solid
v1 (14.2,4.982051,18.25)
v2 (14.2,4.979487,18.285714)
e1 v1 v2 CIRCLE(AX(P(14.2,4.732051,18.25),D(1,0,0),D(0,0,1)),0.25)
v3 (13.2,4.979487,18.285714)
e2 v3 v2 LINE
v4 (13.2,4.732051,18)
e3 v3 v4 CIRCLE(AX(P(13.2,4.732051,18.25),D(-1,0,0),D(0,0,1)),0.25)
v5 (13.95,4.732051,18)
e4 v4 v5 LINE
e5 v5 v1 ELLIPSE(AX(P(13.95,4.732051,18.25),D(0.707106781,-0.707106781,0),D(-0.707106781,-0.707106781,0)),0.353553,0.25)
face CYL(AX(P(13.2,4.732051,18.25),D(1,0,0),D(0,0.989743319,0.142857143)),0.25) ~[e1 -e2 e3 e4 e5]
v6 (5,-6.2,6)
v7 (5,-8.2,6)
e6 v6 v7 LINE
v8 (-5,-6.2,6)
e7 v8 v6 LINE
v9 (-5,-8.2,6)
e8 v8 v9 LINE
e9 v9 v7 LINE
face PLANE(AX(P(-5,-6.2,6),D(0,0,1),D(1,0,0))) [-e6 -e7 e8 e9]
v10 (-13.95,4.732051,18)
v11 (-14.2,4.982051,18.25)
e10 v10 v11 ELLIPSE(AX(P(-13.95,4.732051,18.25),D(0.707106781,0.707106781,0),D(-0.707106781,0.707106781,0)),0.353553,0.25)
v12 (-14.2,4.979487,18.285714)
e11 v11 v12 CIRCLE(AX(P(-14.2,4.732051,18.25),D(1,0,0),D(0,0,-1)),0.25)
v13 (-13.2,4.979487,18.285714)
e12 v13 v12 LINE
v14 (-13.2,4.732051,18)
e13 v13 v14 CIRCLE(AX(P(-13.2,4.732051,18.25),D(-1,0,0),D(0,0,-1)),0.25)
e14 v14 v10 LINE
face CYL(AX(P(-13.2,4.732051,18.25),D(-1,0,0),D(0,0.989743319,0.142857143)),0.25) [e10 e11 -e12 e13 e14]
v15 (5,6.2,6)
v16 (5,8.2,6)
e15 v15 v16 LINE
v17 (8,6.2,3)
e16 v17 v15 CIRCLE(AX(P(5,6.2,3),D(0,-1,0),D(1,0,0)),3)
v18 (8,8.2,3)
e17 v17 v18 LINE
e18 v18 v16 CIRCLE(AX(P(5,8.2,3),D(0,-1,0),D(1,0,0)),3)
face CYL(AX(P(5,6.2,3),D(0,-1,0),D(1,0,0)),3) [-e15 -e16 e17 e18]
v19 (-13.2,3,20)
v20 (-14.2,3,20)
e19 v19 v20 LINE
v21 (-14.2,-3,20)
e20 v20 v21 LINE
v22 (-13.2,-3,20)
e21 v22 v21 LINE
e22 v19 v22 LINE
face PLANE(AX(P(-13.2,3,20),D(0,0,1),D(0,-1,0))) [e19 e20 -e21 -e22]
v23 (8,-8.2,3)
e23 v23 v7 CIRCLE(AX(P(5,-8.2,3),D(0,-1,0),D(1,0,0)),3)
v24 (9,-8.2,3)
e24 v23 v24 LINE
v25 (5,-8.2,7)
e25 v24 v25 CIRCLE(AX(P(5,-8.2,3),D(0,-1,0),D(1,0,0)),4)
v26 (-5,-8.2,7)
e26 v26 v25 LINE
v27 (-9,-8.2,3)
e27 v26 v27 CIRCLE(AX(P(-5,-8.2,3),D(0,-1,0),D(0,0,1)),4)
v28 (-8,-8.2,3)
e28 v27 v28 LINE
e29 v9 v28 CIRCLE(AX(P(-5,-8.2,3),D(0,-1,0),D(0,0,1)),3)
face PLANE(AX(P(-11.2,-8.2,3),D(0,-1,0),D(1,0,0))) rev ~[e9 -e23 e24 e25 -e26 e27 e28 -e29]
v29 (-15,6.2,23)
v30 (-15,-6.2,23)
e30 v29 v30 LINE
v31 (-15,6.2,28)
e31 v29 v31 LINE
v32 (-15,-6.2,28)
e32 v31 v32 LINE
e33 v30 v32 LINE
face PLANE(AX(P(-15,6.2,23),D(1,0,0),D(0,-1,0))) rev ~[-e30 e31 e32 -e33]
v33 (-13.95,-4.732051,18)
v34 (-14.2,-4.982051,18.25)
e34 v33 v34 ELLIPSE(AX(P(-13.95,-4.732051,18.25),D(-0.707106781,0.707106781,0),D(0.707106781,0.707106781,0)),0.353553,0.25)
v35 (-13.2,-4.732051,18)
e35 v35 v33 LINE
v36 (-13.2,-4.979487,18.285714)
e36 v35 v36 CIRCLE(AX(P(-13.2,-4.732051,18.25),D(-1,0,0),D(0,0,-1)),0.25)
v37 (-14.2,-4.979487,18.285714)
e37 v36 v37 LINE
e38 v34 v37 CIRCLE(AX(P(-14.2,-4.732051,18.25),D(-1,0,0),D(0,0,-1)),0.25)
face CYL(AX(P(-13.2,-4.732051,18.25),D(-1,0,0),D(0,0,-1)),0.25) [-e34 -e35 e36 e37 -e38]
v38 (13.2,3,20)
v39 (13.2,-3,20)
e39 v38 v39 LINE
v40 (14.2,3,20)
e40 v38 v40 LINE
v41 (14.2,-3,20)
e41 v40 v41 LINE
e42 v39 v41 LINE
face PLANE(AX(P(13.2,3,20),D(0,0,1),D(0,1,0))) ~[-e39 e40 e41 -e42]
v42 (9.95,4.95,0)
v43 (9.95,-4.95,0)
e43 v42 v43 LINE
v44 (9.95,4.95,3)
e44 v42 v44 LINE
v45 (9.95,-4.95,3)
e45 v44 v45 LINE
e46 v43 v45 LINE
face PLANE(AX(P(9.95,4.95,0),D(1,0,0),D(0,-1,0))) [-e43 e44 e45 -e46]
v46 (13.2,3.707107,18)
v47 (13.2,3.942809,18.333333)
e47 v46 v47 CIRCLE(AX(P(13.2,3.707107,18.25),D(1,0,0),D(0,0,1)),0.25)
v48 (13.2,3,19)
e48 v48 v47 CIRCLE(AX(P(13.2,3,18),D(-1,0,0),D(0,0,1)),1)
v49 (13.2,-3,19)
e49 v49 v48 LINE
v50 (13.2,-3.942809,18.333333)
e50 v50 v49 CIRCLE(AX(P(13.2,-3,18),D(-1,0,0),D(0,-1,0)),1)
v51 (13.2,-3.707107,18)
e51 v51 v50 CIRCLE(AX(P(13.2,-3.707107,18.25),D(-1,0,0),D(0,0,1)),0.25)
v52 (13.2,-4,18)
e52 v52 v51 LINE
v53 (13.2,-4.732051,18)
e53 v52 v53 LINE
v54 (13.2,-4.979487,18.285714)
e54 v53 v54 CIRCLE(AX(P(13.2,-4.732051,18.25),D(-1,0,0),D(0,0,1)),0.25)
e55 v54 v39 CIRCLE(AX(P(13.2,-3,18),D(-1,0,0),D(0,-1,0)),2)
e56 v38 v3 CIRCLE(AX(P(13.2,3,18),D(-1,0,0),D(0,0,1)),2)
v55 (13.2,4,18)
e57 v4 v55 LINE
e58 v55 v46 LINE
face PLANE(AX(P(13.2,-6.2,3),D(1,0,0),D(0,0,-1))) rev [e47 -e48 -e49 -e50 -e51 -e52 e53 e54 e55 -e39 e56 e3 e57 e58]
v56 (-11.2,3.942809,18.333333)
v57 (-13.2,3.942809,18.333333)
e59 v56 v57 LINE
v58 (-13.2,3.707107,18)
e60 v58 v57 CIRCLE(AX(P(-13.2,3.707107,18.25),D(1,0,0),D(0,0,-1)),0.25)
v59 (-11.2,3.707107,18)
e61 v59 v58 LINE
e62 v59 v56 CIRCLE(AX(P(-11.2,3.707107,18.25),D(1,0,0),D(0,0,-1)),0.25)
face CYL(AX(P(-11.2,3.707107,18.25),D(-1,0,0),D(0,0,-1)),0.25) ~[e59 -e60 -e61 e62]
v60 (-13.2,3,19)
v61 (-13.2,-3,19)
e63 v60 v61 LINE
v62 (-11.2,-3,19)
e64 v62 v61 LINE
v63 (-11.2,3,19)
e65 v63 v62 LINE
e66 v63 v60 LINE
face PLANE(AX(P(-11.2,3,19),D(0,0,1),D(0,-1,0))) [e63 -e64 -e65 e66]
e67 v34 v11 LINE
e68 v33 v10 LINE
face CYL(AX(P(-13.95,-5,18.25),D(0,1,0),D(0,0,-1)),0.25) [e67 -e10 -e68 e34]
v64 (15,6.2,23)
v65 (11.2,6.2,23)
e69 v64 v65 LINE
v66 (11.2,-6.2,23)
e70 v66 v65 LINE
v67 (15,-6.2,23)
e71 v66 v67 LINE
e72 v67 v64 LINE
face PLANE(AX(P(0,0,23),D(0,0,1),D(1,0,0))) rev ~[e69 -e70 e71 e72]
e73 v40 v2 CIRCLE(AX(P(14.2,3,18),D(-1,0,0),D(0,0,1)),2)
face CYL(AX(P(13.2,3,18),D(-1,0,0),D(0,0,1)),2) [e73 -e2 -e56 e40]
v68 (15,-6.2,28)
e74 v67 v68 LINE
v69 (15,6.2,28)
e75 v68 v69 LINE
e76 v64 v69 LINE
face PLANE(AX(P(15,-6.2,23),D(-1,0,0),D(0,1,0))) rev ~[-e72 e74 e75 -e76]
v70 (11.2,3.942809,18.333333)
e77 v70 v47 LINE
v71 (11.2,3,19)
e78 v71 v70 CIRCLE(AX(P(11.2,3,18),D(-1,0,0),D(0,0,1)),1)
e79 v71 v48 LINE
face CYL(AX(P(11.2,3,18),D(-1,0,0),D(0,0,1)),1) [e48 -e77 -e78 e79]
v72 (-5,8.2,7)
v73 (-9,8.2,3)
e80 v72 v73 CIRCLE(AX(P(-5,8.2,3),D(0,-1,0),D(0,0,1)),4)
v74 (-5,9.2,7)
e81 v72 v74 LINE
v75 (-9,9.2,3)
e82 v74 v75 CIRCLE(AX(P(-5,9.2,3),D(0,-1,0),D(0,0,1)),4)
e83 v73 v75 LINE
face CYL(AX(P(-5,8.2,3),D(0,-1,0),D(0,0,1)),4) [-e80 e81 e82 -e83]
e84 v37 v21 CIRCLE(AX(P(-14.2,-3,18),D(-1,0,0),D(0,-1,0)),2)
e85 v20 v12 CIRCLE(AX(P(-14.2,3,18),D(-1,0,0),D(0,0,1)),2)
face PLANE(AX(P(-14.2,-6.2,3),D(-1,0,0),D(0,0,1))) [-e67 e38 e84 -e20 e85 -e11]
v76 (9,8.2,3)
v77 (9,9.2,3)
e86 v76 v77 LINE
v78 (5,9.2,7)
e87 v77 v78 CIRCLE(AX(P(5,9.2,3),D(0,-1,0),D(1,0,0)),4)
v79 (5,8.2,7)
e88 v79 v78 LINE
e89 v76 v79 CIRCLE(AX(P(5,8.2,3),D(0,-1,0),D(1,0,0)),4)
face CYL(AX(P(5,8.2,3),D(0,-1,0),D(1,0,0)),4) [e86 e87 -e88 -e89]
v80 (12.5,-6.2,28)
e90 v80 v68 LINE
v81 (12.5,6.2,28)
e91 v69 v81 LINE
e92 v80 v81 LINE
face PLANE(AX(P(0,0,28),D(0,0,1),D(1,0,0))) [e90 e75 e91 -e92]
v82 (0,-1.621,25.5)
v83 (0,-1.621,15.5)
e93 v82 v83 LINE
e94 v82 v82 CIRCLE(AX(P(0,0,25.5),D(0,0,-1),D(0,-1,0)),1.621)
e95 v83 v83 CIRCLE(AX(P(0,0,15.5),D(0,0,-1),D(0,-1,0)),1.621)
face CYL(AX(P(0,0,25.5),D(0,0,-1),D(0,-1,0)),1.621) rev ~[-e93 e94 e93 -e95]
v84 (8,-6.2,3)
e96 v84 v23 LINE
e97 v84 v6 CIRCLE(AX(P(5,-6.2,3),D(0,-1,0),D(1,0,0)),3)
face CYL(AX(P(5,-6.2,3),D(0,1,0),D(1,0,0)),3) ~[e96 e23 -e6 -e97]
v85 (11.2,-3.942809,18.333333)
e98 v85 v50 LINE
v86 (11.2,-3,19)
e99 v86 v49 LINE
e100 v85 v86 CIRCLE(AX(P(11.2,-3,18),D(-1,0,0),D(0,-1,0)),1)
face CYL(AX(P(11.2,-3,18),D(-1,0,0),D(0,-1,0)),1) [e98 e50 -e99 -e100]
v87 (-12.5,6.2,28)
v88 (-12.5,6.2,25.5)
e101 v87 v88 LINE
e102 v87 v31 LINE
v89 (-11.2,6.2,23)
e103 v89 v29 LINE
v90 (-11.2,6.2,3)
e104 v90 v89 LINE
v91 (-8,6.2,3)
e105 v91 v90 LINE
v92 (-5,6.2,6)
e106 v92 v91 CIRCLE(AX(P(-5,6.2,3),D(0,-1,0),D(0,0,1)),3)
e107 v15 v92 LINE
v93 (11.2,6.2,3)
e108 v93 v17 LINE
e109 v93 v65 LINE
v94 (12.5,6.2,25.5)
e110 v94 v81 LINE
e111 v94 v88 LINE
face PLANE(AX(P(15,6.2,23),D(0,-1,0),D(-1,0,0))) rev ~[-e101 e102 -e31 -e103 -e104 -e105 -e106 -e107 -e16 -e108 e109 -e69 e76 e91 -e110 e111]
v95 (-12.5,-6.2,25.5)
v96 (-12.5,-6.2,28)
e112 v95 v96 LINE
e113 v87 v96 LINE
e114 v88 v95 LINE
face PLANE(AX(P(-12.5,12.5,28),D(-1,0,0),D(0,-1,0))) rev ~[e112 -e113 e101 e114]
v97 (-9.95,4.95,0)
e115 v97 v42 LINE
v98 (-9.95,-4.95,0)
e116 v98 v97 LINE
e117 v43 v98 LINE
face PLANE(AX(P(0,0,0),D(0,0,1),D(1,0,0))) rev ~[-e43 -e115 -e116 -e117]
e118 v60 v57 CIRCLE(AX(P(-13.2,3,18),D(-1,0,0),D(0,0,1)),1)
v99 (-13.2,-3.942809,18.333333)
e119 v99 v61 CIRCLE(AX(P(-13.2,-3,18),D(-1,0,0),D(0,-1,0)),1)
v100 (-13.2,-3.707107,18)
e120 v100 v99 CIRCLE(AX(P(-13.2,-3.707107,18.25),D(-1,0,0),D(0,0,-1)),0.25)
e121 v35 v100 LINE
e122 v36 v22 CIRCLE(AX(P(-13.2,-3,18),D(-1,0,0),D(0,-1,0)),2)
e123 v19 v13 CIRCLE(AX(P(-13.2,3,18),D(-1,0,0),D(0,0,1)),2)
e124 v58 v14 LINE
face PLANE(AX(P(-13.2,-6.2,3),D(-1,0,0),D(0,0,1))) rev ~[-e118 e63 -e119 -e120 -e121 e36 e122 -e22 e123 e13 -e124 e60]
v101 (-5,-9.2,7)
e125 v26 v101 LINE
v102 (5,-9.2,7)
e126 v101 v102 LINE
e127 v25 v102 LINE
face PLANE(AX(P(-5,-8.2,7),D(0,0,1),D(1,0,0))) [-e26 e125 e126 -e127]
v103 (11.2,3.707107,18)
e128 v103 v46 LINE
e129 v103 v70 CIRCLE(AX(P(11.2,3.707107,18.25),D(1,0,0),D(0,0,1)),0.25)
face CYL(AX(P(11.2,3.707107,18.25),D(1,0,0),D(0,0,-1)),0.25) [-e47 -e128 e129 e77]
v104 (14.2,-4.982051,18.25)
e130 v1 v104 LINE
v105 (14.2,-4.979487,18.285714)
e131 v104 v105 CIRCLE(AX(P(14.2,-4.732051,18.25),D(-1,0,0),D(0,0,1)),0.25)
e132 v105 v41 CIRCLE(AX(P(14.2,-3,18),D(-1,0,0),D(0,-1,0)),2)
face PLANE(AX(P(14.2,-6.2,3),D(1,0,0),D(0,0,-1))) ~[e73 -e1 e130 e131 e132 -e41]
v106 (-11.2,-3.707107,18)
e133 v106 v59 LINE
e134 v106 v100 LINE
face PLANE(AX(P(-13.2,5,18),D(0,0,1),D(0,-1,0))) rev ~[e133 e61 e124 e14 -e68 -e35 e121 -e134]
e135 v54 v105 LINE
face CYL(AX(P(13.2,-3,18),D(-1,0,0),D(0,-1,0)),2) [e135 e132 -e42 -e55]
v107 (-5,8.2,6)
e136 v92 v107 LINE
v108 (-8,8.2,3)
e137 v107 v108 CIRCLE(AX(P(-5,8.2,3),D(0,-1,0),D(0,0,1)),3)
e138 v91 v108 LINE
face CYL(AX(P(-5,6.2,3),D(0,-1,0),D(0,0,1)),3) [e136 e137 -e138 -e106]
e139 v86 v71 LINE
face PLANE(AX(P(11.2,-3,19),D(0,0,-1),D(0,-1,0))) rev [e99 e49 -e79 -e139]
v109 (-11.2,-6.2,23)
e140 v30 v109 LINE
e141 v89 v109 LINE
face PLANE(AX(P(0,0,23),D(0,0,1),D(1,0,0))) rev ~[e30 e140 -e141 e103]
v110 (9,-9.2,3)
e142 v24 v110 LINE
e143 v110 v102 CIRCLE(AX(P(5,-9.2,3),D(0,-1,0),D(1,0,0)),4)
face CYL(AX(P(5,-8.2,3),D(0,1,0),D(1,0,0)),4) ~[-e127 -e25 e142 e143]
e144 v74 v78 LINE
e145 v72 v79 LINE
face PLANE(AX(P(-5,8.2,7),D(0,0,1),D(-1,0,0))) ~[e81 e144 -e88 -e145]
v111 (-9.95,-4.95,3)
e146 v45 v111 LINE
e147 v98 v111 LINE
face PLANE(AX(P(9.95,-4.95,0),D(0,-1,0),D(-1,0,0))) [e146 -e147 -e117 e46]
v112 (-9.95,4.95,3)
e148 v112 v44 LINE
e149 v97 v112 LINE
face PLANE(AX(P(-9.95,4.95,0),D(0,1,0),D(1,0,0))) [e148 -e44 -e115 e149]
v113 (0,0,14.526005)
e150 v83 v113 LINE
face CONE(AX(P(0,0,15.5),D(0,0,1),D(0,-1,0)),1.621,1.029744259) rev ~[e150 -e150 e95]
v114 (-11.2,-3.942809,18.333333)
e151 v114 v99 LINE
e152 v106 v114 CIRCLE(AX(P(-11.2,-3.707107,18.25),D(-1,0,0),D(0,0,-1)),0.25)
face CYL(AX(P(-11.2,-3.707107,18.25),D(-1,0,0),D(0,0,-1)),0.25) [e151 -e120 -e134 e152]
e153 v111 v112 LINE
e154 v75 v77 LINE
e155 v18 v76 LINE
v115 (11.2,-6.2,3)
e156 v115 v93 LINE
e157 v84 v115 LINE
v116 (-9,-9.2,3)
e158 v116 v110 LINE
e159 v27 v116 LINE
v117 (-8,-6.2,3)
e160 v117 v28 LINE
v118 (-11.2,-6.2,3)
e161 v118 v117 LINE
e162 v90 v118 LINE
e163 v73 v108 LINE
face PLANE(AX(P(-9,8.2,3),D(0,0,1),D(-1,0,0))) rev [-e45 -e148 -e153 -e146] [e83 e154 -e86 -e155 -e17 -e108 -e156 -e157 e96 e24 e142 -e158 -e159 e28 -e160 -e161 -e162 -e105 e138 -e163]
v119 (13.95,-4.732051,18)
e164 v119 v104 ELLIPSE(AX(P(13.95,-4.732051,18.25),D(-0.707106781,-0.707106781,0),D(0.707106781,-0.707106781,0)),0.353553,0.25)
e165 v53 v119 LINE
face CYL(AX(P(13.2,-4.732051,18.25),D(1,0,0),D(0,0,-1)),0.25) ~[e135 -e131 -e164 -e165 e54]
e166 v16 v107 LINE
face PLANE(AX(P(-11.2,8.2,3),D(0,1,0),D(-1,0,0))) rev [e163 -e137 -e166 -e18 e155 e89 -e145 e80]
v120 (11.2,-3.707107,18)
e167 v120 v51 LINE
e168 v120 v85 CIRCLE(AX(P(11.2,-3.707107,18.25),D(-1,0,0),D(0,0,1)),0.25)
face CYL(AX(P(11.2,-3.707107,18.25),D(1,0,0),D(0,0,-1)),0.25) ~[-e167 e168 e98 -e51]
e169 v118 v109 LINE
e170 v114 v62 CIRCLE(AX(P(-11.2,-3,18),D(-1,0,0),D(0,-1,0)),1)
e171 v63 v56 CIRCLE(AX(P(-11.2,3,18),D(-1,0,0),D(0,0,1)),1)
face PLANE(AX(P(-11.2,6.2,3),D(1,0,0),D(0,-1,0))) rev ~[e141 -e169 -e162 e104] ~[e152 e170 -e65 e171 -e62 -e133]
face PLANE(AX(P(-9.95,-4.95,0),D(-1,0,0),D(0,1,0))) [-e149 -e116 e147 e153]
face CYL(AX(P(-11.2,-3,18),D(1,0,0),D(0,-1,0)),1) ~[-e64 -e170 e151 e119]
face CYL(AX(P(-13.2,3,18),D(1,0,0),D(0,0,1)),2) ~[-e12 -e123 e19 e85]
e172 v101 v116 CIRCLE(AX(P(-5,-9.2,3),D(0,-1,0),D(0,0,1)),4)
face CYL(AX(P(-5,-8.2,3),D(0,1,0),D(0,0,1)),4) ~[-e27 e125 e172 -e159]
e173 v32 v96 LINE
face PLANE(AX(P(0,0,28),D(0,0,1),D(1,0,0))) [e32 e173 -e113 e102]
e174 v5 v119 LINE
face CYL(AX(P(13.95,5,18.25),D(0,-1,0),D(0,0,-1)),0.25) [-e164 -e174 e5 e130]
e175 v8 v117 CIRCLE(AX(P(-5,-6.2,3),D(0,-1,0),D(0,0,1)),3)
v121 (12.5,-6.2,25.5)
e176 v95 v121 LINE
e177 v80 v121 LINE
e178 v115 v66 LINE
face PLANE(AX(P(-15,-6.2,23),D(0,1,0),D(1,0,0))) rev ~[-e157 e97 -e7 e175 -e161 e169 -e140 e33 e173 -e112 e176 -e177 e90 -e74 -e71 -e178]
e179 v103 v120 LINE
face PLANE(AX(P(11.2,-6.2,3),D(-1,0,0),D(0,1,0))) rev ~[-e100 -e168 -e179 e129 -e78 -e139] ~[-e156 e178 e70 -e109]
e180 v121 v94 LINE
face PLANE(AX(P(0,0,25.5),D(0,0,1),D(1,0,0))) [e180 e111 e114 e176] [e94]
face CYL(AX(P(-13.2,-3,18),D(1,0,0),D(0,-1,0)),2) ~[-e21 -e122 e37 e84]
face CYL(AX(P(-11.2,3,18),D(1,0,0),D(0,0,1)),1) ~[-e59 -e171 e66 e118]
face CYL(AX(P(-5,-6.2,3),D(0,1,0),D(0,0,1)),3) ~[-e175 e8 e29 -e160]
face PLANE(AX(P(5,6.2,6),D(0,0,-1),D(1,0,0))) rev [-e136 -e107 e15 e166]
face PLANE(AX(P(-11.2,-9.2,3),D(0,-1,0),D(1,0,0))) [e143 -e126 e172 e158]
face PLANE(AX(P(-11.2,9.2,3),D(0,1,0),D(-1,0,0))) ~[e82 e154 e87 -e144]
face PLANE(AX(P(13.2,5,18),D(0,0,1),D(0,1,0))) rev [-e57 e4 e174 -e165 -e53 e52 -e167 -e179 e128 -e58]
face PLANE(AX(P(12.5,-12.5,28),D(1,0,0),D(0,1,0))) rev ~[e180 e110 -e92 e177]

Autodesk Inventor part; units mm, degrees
ref_plane "YZ Plane" through (0, 0, 0) normal (1, 0, 0) x (0, 1, 0)
sketch "Sketch1" plane through (0, 0, 0) normal (0, 0, 1) x (1, 0, 0)
  line L0 (0, 6.93) -> (0, -6.93) construction
  line L1 (-13.93, 0) -> (13.93, 0) construction
  line L2 (-9.95, 4.95) -> (9.95, 4.95)
  line L3 (9.95, 4.95) -> (9.95, -4.95)
  line L4 (9.95, -4.95) -> (-9.95, -4.95)
  line L5 (-9.95, -4.95) -> (-9.95, 4.95)
  point P0 (0, 0)
  dimension "d0" = 9.9
  dimension "d1" = 19.9
extrude "Extrusion1" add sketch "Sketch1" along normal blind 3
sketch "Sketch2" plane through (0, 0, 3) normal (0, 0, 1) x (1, 0, 0)
  line L0 (9.95, 4.95) -> (-9.95, 4.95) construction
  line L1 (-9.95, 4.95) -> (-9.95, -4.95) construction
  line L2 (-9.95, -4.95) -> (9.95, -4.95) construction
  line L3 (9.95, -4.95) -> (9.95, 4.95) construction
  line L4 (11.2, 6.2) -> (-11.2, 6.2)
  line L5 (-11.2, 6.2) -> (-11.2, -6.2)
  line L6 (-11.2, -6.2) -> (11.2, -6.2)
  line L7 (11.2, -6.2) -> (11.2, 6.2)
  point P0 (0, 0)
  dimension "d" = 1.25
  dimension "d5" = 1.25
  dimension "d6" = 1.25
  dimension "d7" = 1.25
extrude "Extrusion2" add sketch "Sketch2" along normal blind 20
sketch "Sketch3" plane through (0, 0, 23) normal (0, 0, 1) x (1, 0, 0)
  line L0 (11.2, 6.2) -> (-11.2, 6.2) construction
  line L1 (-11.2, 6.2) -> (-11.2, -6.2) construction
  line L2 (-11.2, -6.2) -> (11.2, -6.2) construction
  line L3 (11.2, -6.2) -> (11.2, 6.2) construction
  line L4 (0, 8.68) -> (0, -8.68) construction
  line L5 (-21, 0) -> (21, 0) construction
  line L6 (15, 6.2) -> (-15, 6.2)
  line L7 (-15, 6.2) -> (-15, -6.2)
  line L8 (-15, -6.2) -> (15, -6.2)
  line L9 (15, -6.2) -> (15, 6.2)
  point P0 (0, 0)
  dimension "d10" = 30
extrude "Extrusion3" add sketch "Sketch3" along normal blind 5
sketch "Sketch4" plane through (0, 0, 28) normal (0, 0, 1) x (1, 0, 0)
  line L0 (0, 17.5) -> (0, -17.5) construction
  line L1 (-21, 0) -> (21, 0) construction
  line L2 (15, 6.2) -> (-15, 6.2) construction
  line L3 (-15, 6.2) -> (-15, -6.2) construction
  line L4 (-15, -6.2) -> (15, -6.2) construction
  line L5 (15, -6.2) -> (15, 6.2) construction
  line L6 (12.5, 12.5) -> (-12.5, 12.5)
  line L7 (-12.5, 12.5) -> (-12.5, -12.5)
  line L8 (-12.5, -12.5) -> (12.5, -12.5)
  line L9 (12.5, -12.5) -> (12.5, 12.5)
  point P0 (0, 0)
  dimension "d13" = 25
  dimension "d14" = 25
extrude "Extrusion4" cut sketch "Sketch4" against normal blind 2.5
sketch "Sketch5" plane through (0, 0, 25.5) normal (0, 0, 1) x (1, 0, 0)
  point P0 (0, 0)
  point P1 (0, 0)
hole "Hole1" at (0, 0, 25.5) direction (0, 0, -1) diameter 3.242 depth 10 tip angle 118 thread size "M4x0.7" class "6H" standard "ANSI Metric M Profile"
sketch "Sketch6" plane through (-11.2, -6.2, 3) normal (0, -1, 0) x (1, 0, 0)
  line L0 (-1.3, 22.5) -> (-1.3, 25) construction
  line L1 (-3.8, 25) -> (-1.3, 25) construction
  line L2 (-3.8, 20) -> (-3.8, 25) construction
  line L3 (-3.8, 20) -> (0, 20) construction
  line L4 (0, 0) -> (0, 20) construction
  line L5 (0, 0) -> (22.4, 0) construction
  line L6 (22.4, 0) -> (22.4, 20) construction
  line L7 (22.4, 20) -> (26.2, 20) construction
  line L8 (26.2, 20) -> (26.2, 25) construction
  line L9 (23.7, 25) -> (26.2, 25) construction
  line L10 (23.7, 25) -> (23.7, 22.5) construction
  line L11 (23.7, 22.5) -> (-1.3, 22.5) construction
  line L12 (11.2, 30.6) -> (11.2, -8.6) construction
  line L13 (0, 0) -> (22.4, 0) projected
  line L14 (3.2, 0) -> (11.2, 0)
  arc A0 (6.2, 3) -> (3.2, 0) centre (6.2, 0) ccw
  line L15 (6.2, 3) -> (11.2, 3)
  line L16 (19.2, 0) -> (11.2, 0)
  arc A1 (19.2, 0) -> (16.2, 3) centre (16.2, 0) ccw
  line L17 (16.2, 3) -> (11.2, 3)
  point P0 (11.2, -3)
  dimension "d24" = 8
  dimension "r" = 3
  dimension "d28" = 3
extrude "Extrusion5" add sketch "Sketch6" along normal blind 2
sketch "Sketch7" plane through (-11.2, -8.2, 3) normal (0, -1, 0) x (1, 0, 0)
  line L0 (3.2, 0) -> (19.2, 0) construction
  arc A0 (19.2, 0) -> (16.2, 3) centre (16.2, 0) ccw construction
  line L1 (16.2, 3) -> (6.2, 3) construction
  arc A1 (6.2, 3) -> (3.2, 0) centre (6.2, 0) ccw construction
  line L2 (2.2, 0) -> (20.2, 0) construction
  arc A2 (6.2, 4) -> (2.2, 0) centre (6.2, 0) ccw
  arc A3 (20.2, 0) -> (16.2, 4) centre (16.2, 0) ccw
  line L3 (6.2, 4) -> (16.2, 4)
  line L4 (2.2, 0) -> (20.2, 0)
  point P0 (11.2, -3)
  dimension "d33" = 1
  dimension "a" = 1
extrude "Extrusion6" add sketch "Sketch7" along normal blind 1
ref_plane "Work Plane1" through (11.2, 0, 23) normal (0, -1, 0) x (1, 0, 0)
ref_plane "Work Plane2" through (0, -6.2, 3) normal (-1, 0, 0) x (0, 0, 1)
mirror "Mirror1" about plane through (11.2, 0, 23) normal (0, -1, 0) of "Extrusion5", "Extrusion6"
sketch "Sketch8" plane through (-11.2, -6.2, 3) normal (-1, 0, 0) x (0, 0, 1)
  line L0 (0, 12.4) -> (0, 0) construction
  line L1 (0, 0) -> (20, 0) construction
  line L2 (20, 12.4) -> (20, 0) construction
  line L3 (0, 12.4) -> (20, 12.4) construction
  line L4 (30.6, 6.2) -> (-8.6, 6.2) construction
  line L5 (15, 10.2) -> (15, 6.2)
  arc A0 (16, 9.2) -> (15, 10.2) centre (15, 9.2) ccw
  line L6 (15, 9.2) -> (16, 9.2) construction
  line L7 (15, 9.2) -> (15, 10.2) construction
  line L8 (16, 9.2) -> (16, 6.2)
  line L9 (15, 2.2) -> (15, 6.2)
  arc A1 (15, 2.2) -> (16, 3.2) centre (15, 3.2) ccw
  line L10 (16, 3.2) -> (16, 6.2)
  point P0 (-3, 6.2)
  dimension "d37" = 4
  dimension "d38" = 90
  dimension "radius" = 1
  dimension "d40" = 15
extrude "Extrusion7" add sketch "Sketch8" along normal blind 2
sketch "Sketch9" plane through (-13.2, -6.2, 3) normal (-1, 0, 0) x (0, 0, 1)
  line L0 (15, 10.2) -> (15, 2.2) construction
  arc A0 (15, 2.2) -> (16, 3.2) centre (15, 3.2) ccw construction
  line L1 (16, 3.2) -> (16, 9.2) construction
  arc A1 (16, 9.2) -> (15, 10.2) centre (15, 9.2) ccw construction
  line L2 (15, 11.2) -> (15, 1.2)
  arc A2 (17, 9.2) -> (15, 11.2) centre (15, 9.2) ccw
  arc A3 (15, 1.2) -> (17, 3.2) centre (15, 3.2) ccw
  line L3 (17, 9.2) -> (17, 3.2)
  line L4 (15, 10.2) -> (15, 2.2) projected
  point P0 (-3, 6.2)
  dimension "d44" = 1
  dimension "d45" = 1
  dimension "d46" = 90
extrude "Extrusion8" add sketch "Sketch9" along normal blind 1
fillet "Fillet1" radius 0.25 5 edges at (-12.2, 4, 18) (-13.7, 5, 18) (-13.7, -5, 18) (-12.2, -4, 18) (-14.2, 0, 18)
mirror "Mirror2" about plane through (0, -6.2, 3) normal (-1, 0, 0) of "Extrusion7", "Extrusion8", "Fillet1"
equation "\"d5\" = d"
equation "\"d6\" = d"
equation "\"d7\" = d"
equation "\"d28\" = r"
equation "\"d33\" = a"
properties part number "Sample-cuvette-clamp-20mm-V4"
